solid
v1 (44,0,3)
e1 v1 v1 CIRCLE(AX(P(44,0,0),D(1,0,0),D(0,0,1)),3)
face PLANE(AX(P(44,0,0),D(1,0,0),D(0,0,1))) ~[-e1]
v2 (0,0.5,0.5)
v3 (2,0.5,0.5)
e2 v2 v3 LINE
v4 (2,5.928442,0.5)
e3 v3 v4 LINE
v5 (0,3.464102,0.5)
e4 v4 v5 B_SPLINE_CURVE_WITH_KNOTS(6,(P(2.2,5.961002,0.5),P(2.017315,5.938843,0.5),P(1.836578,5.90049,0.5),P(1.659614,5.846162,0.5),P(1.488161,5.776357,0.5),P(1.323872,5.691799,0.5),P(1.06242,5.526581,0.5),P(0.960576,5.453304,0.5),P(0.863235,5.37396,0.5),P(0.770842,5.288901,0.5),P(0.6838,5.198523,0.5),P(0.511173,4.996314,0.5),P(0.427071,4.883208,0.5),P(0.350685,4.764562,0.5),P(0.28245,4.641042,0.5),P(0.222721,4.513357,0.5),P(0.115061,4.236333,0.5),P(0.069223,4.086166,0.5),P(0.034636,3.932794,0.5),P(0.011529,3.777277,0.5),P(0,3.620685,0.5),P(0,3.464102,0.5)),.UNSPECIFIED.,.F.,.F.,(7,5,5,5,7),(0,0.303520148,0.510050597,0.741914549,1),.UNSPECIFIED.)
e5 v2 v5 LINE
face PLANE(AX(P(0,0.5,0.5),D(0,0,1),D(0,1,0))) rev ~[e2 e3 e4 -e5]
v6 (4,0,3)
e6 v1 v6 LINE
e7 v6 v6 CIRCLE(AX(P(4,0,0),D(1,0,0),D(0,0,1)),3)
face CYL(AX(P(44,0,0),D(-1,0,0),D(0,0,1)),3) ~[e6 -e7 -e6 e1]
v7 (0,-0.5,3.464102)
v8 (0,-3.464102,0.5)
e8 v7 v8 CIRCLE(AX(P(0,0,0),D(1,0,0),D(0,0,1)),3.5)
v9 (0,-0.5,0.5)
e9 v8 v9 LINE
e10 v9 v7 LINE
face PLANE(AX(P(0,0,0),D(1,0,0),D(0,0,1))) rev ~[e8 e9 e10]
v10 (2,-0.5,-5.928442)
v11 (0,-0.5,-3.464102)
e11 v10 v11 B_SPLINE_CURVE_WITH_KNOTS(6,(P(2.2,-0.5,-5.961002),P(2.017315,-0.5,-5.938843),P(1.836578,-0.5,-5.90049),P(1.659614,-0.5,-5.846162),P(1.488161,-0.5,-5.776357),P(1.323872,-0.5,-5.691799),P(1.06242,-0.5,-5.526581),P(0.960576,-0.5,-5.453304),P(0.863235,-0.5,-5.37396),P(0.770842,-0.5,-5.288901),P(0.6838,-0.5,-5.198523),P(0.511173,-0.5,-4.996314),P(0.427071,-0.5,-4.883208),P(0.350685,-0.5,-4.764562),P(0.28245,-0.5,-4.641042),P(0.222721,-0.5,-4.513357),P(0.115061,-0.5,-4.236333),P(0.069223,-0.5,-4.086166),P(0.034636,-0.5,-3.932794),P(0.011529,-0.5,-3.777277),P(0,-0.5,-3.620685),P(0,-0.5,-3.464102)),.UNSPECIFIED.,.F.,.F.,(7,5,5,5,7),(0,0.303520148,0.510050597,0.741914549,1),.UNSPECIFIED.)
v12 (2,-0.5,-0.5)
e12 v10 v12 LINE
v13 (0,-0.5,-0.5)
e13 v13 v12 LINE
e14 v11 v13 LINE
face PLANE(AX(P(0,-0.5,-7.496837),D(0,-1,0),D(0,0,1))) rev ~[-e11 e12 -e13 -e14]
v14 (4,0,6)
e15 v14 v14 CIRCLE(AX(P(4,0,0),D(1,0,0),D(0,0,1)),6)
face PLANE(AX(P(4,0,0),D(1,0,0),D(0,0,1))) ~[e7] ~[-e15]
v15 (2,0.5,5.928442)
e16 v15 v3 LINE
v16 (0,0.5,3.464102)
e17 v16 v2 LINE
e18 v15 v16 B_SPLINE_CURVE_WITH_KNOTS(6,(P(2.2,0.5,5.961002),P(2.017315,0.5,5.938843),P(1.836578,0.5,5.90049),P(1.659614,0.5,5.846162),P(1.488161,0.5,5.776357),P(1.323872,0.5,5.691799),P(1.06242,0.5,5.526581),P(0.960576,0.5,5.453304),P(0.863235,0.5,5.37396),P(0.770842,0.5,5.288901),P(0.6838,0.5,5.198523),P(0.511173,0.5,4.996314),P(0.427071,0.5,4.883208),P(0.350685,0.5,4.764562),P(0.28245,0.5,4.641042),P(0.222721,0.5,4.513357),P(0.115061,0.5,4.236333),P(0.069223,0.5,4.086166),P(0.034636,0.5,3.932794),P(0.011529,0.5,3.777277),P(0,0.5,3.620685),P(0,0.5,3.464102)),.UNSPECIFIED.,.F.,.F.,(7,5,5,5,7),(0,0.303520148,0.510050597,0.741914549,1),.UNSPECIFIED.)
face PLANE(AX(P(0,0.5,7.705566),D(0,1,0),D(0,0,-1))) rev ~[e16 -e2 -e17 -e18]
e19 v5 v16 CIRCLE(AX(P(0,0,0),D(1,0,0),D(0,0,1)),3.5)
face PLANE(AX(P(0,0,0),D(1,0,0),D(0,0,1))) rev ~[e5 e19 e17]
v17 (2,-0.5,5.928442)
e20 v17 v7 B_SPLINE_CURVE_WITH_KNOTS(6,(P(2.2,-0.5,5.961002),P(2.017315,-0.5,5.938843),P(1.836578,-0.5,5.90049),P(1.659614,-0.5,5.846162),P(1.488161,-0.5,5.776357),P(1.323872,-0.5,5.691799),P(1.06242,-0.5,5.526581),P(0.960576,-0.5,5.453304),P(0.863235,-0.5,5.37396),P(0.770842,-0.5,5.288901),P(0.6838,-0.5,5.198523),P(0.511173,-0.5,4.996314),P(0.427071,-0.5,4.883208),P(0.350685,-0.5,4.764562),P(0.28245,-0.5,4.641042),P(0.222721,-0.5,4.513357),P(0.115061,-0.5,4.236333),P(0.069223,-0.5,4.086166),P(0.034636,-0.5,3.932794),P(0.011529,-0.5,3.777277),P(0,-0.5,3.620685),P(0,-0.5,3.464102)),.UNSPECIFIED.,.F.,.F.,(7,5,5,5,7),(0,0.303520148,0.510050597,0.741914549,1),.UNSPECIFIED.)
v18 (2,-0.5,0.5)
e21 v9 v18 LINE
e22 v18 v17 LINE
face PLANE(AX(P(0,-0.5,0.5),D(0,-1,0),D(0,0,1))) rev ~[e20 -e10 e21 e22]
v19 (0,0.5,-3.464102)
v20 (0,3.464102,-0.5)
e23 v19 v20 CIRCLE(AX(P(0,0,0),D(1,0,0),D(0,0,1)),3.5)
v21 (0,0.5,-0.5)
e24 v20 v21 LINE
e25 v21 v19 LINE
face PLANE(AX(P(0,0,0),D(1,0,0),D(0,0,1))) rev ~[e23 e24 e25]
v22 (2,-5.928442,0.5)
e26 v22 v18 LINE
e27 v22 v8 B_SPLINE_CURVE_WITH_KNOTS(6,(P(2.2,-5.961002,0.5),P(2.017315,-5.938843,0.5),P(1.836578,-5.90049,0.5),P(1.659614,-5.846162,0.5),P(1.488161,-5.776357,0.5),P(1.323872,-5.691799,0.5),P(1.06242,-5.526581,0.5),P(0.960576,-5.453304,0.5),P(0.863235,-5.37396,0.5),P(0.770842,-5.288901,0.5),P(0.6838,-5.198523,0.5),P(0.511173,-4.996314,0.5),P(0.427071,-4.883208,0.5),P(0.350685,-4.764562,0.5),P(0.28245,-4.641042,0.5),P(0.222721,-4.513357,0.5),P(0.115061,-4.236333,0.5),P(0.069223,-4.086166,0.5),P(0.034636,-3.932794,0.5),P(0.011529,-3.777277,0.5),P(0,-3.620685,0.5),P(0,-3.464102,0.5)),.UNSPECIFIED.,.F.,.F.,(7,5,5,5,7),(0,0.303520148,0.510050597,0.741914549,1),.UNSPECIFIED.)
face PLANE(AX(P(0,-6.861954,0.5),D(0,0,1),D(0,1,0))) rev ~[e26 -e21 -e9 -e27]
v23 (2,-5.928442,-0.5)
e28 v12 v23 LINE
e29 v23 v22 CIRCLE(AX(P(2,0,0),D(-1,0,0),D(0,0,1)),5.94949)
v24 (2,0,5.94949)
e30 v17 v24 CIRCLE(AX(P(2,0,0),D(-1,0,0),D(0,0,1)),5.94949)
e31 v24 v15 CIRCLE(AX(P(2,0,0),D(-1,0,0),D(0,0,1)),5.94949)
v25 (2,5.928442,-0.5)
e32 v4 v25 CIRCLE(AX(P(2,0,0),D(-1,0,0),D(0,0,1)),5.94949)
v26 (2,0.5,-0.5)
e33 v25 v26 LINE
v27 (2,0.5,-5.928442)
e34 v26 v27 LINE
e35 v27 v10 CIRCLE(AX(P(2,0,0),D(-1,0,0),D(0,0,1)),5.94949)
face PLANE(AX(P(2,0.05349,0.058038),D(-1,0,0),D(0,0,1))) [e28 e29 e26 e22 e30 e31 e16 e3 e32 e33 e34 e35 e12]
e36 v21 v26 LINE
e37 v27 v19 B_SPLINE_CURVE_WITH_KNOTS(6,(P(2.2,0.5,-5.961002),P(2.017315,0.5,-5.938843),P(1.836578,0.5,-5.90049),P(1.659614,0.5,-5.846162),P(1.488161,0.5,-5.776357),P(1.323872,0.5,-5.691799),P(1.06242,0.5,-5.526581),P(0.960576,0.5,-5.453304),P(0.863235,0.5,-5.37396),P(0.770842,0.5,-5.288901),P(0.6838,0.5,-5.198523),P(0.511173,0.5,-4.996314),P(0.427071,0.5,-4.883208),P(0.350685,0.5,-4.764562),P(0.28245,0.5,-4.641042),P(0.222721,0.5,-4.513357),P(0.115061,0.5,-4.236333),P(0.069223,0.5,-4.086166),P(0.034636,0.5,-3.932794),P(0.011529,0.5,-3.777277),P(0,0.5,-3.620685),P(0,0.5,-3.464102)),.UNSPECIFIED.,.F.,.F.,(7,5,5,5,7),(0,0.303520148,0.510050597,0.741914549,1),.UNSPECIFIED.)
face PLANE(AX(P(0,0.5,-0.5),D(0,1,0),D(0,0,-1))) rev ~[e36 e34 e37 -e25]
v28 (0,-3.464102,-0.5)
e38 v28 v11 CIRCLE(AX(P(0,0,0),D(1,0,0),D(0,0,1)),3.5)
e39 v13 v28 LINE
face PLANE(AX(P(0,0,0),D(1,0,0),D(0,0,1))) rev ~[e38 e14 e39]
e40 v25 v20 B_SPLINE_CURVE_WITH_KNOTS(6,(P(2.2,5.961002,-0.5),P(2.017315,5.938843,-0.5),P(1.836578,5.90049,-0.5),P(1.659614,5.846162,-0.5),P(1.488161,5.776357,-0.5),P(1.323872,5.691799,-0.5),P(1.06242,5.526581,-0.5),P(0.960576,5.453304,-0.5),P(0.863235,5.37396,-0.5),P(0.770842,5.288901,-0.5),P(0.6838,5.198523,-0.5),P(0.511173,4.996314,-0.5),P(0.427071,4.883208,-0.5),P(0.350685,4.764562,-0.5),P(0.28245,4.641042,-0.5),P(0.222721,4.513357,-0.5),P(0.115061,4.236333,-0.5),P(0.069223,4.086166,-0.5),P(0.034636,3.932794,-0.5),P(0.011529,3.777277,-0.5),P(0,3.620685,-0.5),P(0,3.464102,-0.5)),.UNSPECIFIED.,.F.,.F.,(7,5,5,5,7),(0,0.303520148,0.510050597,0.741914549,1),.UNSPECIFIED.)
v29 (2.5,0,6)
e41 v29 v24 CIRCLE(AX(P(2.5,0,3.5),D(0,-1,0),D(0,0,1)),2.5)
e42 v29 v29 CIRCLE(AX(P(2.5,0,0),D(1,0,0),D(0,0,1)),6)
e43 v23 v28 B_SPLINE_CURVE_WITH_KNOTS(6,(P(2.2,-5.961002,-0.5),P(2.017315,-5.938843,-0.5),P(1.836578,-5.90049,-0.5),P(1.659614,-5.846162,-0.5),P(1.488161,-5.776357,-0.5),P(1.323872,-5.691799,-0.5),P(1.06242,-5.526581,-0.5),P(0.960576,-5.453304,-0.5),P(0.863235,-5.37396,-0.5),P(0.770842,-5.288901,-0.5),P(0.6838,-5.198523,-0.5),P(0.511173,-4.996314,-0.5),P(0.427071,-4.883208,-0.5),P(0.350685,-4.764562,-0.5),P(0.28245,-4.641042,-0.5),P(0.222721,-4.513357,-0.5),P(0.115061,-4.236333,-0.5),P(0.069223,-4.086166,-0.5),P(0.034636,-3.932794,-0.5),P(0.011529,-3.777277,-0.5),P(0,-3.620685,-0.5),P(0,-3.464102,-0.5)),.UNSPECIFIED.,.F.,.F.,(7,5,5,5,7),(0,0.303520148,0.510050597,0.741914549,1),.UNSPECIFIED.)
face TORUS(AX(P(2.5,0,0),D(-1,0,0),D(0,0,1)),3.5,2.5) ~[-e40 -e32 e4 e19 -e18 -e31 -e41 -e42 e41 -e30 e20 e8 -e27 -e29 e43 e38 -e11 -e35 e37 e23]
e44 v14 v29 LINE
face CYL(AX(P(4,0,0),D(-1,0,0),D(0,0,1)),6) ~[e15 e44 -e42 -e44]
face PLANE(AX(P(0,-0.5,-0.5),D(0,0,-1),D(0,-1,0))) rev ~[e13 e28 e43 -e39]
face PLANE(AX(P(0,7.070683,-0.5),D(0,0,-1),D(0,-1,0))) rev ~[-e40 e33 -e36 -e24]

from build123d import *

# Parameters (mm, degrees)
CUT_EXTRUDE_1_DEPTH = 2


with BuildPart() as part:
    # Эскиз1 → Повернуть1 (revolve)
    with BuildSketch(Plane.XY, mode=Mode.PRIVATE) as revolve_1_sk:
        with BuildLine():
            Line((0, 0), (44, 0))
            Line((44, 0), (44, 3))
            Line((44, 3), (4, 3))
            Line((4, 3), (4, 6))
            Line((4, 6), (2.5, 6))
            ThreePointArc((2.5, 6), (0.732233047, 5.267766953), (0, 3.5))
            Line((0, 3.5), (0, 0))
        make_face()
    revolve(revolve_1_sk.sketch.rotate(Axis((-40.27641129, 0, 0), (1, 0, 0)), 90), axis=Axis((-40.27641129, 0, 0), (1, 0, 0)))

    # Эскиз2 → Вырез-Вытянуть1 (cut)
    with BuildSketch(Plane.ZY):
        Polygon((-0.5, -6.861954459), (0.5, -6.861954459), (0.5, -0.5), (7.705566097, -0.5), (7.705566097, 0.5), (0.5, 0.5), (0.5, 7.070683112), (-0.5, 7.070683112), (-0.5, 0.5), (-7.496837445, 0.5), (-7.496837445, -0.5), (-0.5, -0.5), align=None)
    extrude(amount=-CUT_EXTRUDE_1_DEPTH, mode=Mode.SUBTRACT)


solid = part.part
